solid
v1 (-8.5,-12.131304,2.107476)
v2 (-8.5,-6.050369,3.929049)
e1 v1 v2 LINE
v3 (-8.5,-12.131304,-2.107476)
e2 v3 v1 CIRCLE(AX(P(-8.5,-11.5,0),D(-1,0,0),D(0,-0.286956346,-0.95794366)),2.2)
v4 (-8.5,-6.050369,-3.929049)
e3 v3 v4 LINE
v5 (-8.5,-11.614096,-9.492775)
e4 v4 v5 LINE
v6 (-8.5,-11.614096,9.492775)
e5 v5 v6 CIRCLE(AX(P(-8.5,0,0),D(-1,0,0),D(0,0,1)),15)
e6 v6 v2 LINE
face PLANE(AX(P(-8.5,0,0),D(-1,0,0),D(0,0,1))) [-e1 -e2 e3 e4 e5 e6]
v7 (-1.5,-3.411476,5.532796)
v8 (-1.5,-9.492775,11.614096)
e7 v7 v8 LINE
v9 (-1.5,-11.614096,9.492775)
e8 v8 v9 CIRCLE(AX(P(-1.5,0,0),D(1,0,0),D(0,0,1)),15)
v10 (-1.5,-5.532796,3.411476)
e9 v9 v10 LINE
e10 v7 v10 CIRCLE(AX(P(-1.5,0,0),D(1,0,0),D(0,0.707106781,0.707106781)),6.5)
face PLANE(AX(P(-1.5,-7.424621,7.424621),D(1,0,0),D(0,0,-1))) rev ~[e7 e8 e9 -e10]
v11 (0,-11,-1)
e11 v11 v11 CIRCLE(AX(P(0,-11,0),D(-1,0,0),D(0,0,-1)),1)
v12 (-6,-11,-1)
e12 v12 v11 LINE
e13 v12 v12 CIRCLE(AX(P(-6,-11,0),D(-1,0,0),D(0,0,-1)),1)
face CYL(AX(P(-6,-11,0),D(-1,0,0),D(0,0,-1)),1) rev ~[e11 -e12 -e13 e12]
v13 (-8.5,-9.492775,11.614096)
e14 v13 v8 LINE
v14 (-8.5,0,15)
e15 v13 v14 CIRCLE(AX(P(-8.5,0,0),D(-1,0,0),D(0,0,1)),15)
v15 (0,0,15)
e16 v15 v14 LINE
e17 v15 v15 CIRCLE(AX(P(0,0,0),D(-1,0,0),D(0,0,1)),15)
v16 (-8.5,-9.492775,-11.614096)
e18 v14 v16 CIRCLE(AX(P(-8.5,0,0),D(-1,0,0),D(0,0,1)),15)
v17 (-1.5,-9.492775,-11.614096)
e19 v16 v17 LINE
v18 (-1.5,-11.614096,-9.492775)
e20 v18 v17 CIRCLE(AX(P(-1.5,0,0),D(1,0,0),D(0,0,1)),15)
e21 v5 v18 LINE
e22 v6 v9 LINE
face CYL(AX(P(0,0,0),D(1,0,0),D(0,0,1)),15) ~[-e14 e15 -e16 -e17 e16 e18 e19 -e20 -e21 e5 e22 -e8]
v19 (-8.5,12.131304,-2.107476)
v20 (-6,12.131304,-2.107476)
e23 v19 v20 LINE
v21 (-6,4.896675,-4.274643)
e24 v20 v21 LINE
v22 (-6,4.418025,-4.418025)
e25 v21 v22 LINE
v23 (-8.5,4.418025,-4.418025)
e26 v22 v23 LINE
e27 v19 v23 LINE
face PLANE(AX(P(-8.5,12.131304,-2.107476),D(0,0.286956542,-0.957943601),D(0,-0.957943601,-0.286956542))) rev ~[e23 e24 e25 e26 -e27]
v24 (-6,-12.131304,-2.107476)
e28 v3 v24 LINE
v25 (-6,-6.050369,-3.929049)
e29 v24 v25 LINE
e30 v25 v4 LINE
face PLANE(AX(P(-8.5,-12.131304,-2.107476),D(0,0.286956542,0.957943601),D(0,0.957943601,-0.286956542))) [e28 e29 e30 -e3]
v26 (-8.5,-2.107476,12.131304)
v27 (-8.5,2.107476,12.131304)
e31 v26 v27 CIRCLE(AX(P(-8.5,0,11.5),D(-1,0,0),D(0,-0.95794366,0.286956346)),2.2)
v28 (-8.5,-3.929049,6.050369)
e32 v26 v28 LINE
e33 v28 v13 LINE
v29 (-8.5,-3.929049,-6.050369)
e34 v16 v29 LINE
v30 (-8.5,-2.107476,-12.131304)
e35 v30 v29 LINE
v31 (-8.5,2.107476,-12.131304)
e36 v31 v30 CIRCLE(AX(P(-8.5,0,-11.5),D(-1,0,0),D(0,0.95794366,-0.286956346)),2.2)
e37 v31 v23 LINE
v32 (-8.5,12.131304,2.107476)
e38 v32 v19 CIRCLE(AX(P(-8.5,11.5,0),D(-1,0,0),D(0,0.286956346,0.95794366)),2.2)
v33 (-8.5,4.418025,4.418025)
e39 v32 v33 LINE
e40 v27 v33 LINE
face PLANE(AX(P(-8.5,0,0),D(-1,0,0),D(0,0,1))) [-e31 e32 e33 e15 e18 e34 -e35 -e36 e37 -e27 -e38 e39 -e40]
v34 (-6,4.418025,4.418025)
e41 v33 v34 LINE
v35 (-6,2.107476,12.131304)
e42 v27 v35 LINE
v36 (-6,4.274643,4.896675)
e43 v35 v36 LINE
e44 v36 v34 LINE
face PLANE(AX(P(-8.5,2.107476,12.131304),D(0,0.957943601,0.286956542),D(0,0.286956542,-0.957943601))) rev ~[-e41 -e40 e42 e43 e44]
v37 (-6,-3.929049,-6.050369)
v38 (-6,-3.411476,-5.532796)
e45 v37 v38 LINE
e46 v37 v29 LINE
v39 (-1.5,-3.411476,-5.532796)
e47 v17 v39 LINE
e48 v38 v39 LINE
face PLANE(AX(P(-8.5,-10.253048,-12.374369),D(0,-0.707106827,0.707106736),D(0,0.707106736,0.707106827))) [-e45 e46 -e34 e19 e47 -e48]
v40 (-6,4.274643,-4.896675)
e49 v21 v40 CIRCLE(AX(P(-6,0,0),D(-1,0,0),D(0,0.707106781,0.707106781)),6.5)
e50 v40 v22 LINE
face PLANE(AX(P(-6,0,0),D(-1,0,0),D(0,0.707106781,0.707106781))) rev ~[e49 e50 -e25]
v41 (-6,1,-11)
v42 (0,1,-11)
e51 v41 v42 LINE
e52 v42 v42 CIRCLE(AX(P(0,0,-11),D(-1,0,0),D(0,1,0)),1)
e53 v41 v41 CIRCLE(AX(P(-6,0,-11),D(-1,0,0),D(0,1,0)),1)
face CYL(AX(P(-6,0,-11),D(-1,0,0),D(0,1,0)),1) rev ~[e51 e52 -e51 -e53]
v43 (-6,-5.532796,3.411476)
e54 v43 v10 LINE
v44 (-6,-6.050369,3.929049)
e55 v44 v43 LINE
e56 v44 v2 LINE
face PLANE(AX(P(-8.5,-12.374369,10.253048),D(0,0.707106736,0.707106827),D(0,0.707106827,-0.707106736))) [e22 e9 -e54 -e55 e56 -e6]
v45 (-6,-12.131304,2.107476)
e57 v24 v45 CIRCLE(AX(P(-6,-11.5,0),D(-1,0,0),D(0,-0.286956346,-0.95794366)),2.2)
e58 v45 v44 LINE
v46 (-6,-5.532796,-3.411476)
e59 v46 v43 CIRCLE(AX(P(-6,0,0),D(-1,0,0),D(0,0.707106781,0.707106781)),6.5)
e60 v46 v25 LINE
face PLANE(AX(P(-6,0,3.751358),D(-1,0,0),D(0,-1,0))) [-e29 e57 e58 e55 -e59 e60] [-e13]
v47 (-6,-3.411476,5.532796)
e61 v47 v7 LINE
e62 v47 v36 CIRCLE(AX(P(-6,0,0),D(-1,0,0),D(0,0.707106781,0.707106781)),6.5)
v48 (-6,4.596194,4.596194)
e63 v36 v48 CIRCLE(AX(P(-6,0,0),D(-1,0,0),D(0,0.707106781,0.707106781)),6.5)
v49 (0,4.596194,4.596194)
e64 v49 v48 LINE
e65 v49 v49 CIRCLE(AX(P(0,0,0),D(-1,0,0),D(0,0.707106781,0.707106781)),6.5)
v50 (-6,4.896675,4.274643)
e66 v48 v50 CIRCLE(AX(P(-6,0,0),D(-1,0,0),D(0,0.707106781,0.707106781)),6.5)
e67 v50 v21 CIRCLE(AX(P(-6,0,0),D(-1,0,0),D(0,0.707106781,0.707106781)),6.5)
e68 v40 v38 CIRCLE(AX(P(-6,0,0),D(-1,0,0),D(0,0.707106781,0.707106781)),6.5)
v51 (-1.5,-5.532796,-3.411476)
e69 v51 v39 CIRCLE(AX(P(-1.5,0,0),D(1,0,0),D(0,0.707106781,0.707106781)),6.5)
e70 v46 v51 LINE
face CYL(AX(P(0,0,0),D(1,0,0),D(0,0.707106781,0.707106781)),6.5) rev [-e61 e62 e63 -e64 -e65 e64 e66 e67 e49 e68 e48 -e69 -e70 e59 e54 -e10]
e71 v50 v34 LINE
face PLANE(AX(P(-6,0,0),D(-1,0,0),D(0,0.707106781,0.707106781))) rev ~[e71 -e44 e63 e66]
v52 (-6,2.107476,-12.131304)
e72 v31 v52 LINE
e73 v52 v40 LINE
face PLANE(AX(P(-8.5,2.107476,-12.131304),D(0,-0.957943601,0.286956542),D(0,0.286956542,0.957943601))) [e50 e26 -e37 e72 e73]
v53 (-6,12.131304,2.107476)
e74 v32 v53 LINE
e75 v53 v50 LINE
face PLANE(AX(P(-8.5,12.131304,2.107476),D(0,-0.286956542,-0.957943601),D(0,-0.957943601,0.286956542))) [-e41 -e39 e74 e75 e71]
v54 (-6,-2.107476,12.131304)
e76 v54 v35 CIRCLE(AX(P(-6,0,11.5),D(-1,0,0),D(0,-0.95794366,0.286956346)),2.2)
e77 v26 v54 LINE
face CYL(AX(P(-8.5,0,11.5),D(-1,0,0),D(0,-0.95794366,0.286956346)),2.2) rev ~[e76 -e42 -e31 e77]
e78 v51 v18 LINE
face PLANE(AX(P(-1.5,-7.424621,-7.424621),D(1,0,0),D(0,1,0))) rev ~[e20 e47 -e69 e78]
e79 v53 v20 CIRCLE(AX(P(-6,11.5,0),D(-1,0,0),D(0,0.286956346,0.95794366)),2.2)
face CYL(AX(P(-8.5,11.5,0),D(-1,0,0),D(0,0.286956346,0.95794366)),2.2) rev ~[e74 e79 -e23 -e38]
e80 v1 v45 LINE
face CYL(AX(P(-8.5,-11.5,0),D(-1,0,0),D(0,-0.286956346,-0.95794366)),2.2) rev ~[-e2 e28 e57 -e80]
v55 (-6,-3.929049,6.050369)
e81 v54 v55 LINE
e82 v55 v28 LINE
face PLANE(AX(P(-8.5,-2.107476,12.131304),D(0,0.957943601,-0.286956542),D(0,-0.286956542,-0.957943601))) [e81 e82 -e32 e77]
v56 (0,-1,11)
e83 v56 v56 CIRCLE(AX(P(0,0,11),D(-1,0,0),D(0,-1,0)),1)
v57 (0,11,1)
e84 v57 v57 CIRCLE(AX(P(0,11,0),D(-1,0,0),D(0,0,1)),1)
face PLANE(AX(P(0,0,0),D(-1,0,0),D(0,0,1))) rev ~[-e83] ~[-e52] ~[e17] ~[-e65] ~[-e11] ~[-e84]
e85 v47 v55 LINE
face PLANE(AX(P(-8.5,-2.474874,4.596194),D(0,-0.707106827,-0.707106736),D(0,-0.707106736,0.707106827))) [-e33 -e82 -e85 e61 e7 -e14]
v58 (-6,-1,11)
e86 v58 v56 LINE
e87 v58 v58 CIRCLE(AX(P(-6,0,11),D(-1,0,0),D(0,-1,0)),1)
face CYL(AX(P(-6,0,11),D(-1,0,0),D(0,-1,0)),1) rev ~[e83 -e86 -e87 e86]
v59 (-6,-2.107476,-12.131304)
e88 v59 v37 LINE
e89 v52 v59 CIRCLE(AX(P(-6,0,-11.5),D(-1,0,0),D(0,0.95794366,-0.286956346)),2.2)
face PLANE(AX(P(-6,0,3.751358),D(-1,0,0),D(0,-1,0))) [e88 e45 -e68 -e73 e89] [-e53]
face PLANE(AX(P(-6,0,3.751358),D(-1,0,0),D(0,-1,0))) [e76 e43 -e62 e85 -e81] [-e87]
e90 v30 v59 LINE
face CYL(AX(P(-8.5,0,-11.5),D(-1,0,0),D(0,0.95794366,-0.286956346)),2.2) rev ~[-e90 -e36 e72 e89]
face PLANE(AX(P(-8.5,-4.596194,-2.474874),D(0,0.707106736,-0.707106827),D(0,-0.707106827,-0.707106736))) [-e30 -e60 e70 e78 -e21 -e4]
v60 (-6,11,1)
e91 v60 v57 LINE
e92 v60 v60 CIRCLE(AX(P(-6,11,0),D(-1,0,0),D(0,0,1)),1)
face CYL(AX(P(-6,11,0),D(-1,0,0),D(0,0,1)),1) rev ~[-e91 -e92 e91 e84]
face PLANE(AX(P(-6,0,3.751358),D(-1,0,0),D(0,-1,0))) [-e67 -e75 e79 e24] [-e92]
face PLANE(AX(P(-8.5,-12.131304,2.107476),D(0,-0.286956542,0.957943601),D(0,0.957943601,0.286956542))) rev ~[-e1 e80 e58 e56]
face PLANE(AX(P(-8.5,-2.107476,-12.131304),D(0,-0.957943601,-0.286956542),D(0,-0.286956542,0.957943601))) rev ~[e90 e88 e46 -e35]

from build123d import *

# Parameters (mm, degrees)
SKETCH075_R             = 6.5
SKETCH075_R_2           = 2.5
PAD039_DEPTH            = 6
SKETCH076_R             = 5
SKETCH076_R_2           = 2.522437
PAD040_DEPTH            = 7
SKETCH077_R             = 6.5
SKETCH077_R_2           = 2.522437
PAD041_DEPTH            = 1
SKETCH078_R             = 1
PAD042_DEPTH            = 7
BODY025_ROLL_ANGLE      = 135
BODY025_PLACEMENT_ANGLE = 180
SKETCH082_R             = 15
PAD043_DEPTH            = 8.5
POCKET027_DEPTH         = 2.5
POLARPATTERN019_COUNT   = 4
SKETCH079_R             = 1
HOLE007_DEPTH           = 25
POLARPATTERN018_COUNT   = 4
SKETCH080_R             = 4
POCKET026_DEPTH         = 6.001
BODY026_PLACEMENT_ANGLE = 90
POCKET028_DEPTH         = 7
POLARPATTERN020_COUNT   = 2
POLARPATTERN020_ANGLE   = 90


with BuildPart() as polea006:
    # Sketch075 → Pad039 (new body)
    with BuildSketch(Plane.YZ):
        Circle(SKETCH075_R)
        Circle(SKETCH075_R_2, mode=Mode.SUBTRACT)
    extrude(amount=PAD039_DEPTH)

    # Sketch076 (on Face3 of Pad039) → Pad040 (join)
    with BuildSketch(Plane(origin=(0, 0, 0), x_dir=(0, 1, 0), z_dir=(-1, 0, 0))):
        Circle(SKETCH076_R)
        Circle(SKETCH076_R_2, mode=Mode.SUBTRACT)
    extrude(amount=PAD040_DEPTH)

    # Sketch077 (on Face6 of Pad040) → Pad041 (join)
    with BuildSketch(Plane(origin=(-7, 0, 0), x_dir=(0, 1, 0), z_dir=(-1, 0, 0))):
        Circle(SKETCH077_R)
        Circle(SKETCH077_R_2, mode=Mode.SUBTRACT)
    extrude(amount=PAD041_DEPTH)

    # Sketch078 → Pad042 (join)
    with BuildSketch(Plane.XZ):
        with Locations((3, 0)):
            Circle(SKETCH078_R)
    extrude(amount=PAD042_DEPTH)


with BuildPart() as polea006_1:
    # Body025 roll: moved
    add(polea006.part.rotate(Axis((0, 0, 0), (1, 0, 0)), BODY025_ROLL_ANGLE))


with BuildPart() as polea006_2:
    # Body025 placement: moved
    add(polea006_1.part.rotate(Axis((0, 0, 0), (0, 0, 1)), BODY025_PLACEMENT_ANGLE))


with BuildPart() as body027:
    # Sketch082 → Pad043 (new body)
    with BuildSketch(Plane.XY):
        Circle(SKETCH082_R)
    extrude(amount=PAD043_DEPTH)

    # Sketch081 (on Face3 of Pad043) → Pocket027 (cut)
    with BuildSketch(Plane.XY.offset(8.5)):
        with BuildLine():
            ThreePointArc((-5.26869, 1.578261), (0, -5.5), (5.26869, 1.578261))
            Line((2.107476, 12.131304), (5.26869, 1.578261))
            ThreePointArc((2.107476, 12.131304), (0, 13.7), (-2.107476, 12.131304))
            Line((-2.107476, 12.131304), (-5.26869, 1.578261))
        make_face()
    pocket027 = extrude(amount=-POCKET027_DEPTH, mode=Mode.SUBTRACT)

    # PolarPattern019: Pocket027 ×4 about axis
    polarpattern019_axis = Axis((0, 0, 8.5), (0, 0, 1))
    for i in range(1, POLARPATTERN019_COUNT):
        add(pocket027.rotate(polarpattern019_axis, i * 360 / POLARPATTERN019_COUNT), mode=Mode.SUBTRACT)

    # Sketch079 (on Face21 of PolarPattern019) → Hole007 (cut)
    with BuildSketch(Plane.XY.offset(6)):
        with Locations((0, 11)):
            Circle(SKETCH079_R)
    hole007 = extrude(amount=-HOLE007_DEPTH, mode=Mode.SUBTRACT)

    # PolarPattern018: Hole007 ×4 about axis
    polarpattern018_axis = Axis((0, 0, 6), (0, 0, 1))
    for i in range(1, POLARPATTERN018_COUNT):
        add(hole007.rotate(polarpattern018_axis, i * 360 / POLARPATTERN018_COUNT), mode=Mode.SUBTRACT)

    # Sketch080 (on Face25 of PolarPattern018) → Pocket026 (cut, through all)
    with BuildSketch(Plane.XY.offset(6)):
        Circle(SKETCH080_R)
    extrude(amount=-POCKET026_DEPTH, mode=Mode.SUBTRACT)


with BuildPart() as body027_1:
    # Body026 placement: moved
    add(body027.part.moved(Location((0, 0, 0))).rotate(Axis((0, 0, 0), (0, -1, 0)), BODY026_PLACEMENT_ANGLE))

    # Cut004: cut polea006
    add(polea006_2.part, mode=Mode.SUBTRACT)

    # Sketch083 (on Face3 of BaseFeature004) → Pocket028 (cut)
    with BuildSketch(Plane(origin=(-8.5, 0, 0), x_dir=(0, -1, 0), z_dir=(-1, 0, 0))):
        Polygon((2.474874, -4.596194), (4.596194, -2.474874), (12.374369, -10.253048), (10.253048, -12.374369), align=None)
    pocket028 = extrude(amount=-POCKET028_DEPTH, mode=Mode.SUBTRACT)

    # PolarPattern020: Pocket028 ×2 about axis
    polarpattern020_axis = Axis((-8.5, 0, 0), (-1, 0, 0))
    for i in range(1, POLARPATTERN020_COUNT):
        add(pocket028.rotate(polarpattern020_axis, i * POLARPATTERN020_ANGLE / (POLARPATTERN020_COUNT - 1)), mode=Mode.SUBTRACT)


solid = body027_1.part
